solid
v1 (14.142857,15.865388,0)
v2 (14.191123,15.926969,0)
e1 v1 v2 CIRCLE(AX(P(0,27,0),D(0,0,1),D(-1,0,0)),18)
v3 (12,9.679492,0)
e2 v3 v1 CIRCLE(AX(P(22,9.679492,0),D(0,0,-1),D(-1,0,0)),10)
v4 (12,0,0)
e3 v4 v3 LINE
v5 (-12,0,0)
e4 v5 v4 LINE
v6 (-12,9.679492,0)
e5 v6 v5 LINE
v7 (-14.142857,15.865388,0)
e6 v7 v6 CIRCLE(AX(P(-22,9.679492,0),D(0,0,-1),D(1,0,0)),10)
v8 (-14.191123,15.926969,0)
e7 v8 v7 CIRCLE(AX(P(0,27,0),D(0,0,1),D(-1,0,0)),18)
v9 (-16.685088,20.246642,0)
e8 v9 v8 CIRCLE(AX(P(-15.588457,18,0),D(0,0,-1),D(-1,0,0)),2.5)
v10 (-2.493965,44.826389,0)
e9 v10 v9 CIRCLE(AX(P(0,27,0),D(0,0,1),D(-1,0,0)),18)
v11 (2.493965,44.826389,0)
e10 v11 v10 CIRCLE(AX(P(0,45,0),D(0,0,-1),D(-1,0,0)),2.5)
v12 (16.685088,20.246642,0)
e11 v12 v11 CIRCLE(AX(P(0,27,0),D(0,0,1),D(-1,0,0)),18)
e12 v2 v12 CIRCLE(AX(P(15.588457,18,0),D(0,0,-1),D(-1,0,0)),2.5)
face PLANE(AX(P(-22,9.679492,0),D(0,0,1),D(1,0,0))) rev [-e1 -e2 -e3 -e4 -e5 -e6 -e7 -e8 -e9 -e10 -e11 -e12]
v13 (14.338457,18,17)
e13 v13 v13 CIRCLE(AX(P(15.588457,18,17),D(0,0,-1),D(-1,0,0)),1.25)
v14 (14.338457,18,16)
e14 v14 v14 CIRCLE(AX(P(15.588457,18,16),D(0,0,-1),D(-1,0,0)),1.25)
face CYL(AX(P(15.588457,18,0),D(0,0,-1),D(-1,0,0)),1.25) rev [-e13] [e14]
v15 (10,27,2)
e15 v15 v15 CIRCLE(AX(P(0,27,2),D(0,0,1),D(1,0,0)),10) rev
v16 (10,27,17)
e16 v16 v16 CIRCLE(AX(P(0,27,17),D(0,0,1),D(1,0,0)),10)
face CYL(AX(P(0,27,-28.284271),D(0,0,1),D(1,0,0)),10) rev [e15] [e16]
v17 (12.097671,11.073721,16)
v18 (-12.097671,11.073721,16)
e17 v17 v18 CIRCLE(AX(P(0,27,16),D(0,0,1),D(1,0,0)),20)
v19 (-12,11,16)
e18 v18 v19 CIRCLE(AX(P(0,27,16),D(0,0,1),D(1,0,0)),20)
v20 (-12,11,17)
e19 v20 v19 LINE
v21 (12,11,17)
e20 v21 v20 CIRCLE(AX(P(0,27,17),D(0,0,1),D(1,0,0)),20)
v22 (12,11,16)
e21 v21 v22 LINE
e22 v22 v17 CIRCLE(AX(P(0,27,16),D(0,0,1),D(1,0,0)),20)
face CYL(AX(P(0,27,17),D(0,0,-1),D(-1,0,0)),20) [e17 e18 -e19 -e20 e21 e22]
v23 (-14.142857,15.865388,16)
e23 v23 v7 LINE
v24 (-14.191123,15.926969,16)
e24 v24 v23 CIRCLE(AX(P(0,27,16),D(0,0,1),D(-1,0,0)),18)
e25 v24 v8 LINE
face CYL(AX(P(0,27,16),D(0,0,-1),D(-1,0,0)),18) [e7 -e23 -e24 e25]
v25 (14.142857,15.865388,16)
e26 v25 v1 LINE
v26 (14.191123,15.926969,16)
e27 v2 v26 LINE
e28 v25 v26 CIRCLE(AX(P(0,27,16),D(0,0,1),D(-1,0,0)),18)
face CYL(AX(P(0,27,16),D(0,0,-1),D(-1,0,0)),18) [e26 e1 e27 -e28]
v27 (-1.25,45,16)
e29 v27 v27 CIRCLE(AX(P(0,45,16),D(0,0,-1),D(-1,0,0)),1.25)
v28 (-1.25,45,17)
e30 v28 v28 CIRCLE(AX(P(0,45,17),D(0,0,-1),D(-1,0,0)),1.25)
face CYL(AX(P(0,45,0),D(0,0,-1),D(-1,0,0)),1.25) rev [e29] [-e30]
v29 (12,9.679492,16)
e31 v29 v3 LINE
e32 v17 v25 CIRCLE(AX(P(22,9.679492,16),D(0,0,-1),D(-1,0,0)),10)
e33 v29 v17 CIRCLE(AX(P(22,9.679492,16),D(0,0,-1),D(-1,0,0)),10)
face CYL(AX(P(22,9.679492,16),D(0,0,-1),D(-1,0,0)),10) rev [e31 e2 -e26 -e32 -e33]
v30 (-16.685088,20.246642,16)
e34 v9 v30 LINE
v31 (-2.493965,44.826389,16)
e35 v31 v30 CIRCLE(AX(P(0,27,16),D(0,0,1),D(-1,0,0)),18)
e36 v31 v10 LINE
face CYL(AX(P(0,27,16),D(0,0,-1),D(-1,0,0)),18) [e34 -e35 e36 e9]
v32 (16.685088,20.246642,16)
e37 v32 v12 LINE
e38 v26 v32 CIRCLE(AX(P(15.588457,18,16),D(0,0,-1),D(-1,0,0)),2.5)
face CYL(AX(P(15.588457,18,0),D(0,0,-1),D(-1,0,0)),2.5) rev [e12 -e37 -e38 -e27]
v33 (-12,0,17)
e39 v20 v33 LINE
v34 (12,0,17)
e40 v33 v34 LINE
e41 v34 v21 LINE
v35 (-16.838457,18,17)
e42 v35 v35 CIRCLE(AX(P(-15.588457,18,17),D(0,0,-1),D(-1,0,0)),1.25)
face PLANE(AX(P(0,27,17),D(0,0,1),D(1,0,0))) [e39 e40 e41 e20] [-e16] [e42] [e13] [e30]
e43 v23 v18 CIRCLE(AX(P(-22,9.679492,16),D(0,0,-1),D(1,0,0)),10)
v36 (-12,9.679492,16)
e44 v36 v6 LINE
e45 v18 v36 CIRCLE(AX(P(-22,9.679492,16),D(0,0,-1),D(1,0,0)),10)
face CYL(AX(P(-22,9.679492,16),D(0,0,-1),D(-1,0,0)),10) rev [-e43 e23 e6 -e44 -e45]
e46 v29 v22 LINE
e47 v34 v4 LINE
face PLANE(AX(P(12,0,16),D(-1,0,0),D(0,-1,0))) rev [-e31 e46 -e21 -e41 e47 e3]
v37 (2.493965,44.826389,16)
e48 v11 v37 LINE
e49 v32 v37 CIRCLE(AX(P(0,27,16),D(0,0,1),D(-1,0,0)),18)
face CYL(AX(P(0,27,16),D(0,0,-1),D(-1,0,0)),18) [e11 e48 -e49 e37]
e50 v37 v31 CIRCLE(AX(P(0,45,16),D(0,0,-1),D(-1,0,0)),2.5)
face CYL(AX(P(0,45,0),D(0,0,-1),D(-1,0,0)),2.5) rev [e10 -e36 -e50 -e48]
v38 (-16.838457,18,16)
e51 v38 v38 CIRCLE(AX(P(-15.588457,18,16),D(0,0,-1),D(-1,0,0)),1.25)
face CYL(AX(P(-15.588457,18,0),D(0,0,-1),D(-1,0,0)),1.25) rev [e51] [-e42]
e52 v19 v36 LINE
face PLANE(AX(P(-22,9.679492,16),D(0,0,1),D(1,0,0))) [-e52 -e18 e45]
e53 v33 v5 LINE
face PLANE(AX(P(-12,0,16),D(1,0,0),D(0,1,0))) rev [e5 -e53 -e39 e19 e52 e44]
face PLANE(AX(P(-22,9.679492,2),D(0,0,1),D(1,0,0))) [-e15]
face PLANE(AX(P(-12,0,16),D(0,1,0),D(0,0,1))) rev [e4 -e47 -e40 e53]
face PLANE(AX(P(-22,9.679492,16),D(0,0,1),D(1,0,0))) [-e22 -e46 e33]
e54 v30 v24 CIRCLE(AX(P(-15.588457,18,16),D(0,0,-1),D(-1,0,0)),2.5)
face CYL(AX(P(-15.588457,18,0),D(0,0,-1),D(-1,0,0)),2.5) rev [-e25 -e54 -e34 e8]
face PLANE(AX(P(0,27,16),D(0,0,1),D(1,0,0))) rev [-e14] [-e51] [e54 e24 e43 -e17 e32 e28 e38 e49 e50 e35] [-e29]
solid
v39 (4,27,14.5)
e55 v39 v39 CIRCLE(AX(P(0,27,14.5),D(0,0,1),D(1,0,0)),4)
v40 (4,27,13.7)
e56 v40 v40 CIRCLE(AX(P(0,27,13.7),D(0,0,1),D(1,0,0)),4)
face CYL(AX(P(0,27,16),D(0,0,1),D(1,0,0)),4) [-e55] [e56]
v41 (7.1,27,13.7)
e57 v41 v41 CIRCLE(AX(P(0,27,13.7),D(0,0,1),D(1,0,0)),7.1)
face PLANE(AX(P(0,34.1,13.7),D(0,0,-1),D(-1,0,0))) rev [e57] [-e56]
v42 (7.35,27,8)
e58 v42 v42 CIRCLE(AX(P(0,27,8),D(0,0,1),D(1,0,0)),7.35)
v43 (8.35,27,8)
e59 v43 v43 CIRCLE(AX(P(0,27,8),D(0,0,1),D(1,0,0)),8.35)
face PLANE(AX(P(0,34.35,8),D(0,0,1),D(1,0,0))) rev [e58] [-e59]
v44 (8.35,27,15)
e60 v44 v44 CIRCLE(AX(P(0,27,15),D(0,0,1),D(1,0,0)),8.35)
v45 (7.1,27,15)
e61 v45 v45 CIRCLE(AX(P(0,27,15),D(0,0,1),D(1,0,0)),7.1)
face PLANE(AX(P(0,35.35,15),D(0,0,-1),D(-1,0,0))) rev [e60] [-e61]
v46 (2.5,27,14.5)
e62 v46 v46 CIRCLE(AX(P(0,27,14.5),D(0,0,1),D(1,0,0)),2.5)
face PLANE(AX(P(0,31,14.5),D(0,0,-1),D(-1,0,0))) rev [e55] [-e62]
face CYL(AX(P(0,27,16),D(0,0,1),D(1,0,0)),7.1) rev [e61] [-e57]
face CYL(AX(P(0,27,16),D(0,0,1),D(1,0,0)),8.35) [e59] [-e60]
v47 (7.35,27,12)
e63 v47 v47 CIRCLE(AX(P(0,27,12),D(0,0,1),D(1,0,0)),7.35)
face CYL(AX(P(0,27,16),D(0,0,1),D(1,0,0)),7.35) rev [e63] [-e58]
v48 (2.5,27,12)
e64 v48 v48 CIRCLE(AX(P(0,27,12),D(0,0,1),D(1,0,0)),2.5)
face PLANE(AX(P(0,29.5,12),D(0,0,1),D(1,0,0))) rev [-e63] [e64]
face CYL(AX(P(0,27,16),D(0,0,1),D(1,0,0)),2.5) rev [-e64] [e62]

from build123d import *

# Parameters (mm, degrees)
EXTRUDE1_DEPTH                   = 16
EXTRUDE2_DEPTH                   = 1
CBORE_FOR_M2_5_SHCS1_D           = 2.5
CBORE_FOR_M2_5_SHCS1_CBORE_D     = 5
CBORE_FOR_M2_5_SHCS1_CBORE_DEPTH = 16
SKETCH6_R                        = 10
CUT_EXTRUDE1_DEPTH               = 15


with BuildPart() as part:
    # Sketch1 → Extrude1 (new body)
    with BuildSketch(Plane.XY):
        with BuildLine():
            Line((-12, 0), (12, 0))
            Line((12, 0), (12, 9.679491924))
            ThreePointArc((12, 9.679491924), (12.550888175, 12.952760278), (14.142857143, 15.865387666))
            ThreePointArc((14.142857143, 15.865387666), (0, 45), (-14.142857143, 15.865387666))
            ThreePointArc((-14.142857143, 15.865387666), (-12.550888175, 12.952760278), (-12, 9.679491924))
            Line((-12, 9.679491924), (-12, 0))
        make_face()
    extrude(amount=EXTRUDE1_DEPTH)

    # Sketch2 → Extrude2 (add)
    with BuildSketch(Plane.XY.offset(16)):
        with BuildLine():
            Line((12, 11), (12, 0))
            Line((12, 0), (-12, 0))
            Line((-12, 0), (-12, 11))
            ThreePointArc((-12, 11), (0, 47), (12, 11))
        make_face()
    extrude(amount=EXTRUDE2_DEPTH)

    # CBORE for M2.5 SHCS1 (through all)
    with Locations(Plane(origin=(0, 0, 0), x_dir=(-1, 0, 0), z_dir=(0, 0, -1))):
        with Locations((0, 45), (15.588457268, 18), (-15.588457268, 18)):
            CounterBoreHole(CBORE_FOR_M2_5_SHCS1_D / 2, CBORE_FOR_M2_5_SHCS1_CBORE_D / 2, CBORE_FOR_M2_5_SHCS1_CBORE_DEPTH)

    # Sketch6 → Cut-Extrude1 (cut)
    with BuildSketch(Plane.XY.offset(17)):
        with Locations((0, 27)):
            Circle(SKETCH6_R)
    extrude(amount=-CUT_EXTRUDE1_DEPTH, mode=Mode.SUBTRACT)


with BuildPart() as body_2:
    # Sketch7 → Revolve1 (revolve)
    with BuildSketch(Plane(origin=(0, 0, 0), x_dir=(0, 0, -1), z_dir=(1, 0, 0))):
        Polygon((-8, 34.35), (-8, 35.35), (-15, 35.35), (-15, 34.1), (-13.7, 34.1), (-13.7, 31), (-14.5, 31), (-14.5, 29.5), (-12, 29.5), (-12, 34.35), align=None)
    revolve(axis=Axis((0, 27, 16), (0, 0, -1)))


solid = Compound([part.part, body_2.part])
